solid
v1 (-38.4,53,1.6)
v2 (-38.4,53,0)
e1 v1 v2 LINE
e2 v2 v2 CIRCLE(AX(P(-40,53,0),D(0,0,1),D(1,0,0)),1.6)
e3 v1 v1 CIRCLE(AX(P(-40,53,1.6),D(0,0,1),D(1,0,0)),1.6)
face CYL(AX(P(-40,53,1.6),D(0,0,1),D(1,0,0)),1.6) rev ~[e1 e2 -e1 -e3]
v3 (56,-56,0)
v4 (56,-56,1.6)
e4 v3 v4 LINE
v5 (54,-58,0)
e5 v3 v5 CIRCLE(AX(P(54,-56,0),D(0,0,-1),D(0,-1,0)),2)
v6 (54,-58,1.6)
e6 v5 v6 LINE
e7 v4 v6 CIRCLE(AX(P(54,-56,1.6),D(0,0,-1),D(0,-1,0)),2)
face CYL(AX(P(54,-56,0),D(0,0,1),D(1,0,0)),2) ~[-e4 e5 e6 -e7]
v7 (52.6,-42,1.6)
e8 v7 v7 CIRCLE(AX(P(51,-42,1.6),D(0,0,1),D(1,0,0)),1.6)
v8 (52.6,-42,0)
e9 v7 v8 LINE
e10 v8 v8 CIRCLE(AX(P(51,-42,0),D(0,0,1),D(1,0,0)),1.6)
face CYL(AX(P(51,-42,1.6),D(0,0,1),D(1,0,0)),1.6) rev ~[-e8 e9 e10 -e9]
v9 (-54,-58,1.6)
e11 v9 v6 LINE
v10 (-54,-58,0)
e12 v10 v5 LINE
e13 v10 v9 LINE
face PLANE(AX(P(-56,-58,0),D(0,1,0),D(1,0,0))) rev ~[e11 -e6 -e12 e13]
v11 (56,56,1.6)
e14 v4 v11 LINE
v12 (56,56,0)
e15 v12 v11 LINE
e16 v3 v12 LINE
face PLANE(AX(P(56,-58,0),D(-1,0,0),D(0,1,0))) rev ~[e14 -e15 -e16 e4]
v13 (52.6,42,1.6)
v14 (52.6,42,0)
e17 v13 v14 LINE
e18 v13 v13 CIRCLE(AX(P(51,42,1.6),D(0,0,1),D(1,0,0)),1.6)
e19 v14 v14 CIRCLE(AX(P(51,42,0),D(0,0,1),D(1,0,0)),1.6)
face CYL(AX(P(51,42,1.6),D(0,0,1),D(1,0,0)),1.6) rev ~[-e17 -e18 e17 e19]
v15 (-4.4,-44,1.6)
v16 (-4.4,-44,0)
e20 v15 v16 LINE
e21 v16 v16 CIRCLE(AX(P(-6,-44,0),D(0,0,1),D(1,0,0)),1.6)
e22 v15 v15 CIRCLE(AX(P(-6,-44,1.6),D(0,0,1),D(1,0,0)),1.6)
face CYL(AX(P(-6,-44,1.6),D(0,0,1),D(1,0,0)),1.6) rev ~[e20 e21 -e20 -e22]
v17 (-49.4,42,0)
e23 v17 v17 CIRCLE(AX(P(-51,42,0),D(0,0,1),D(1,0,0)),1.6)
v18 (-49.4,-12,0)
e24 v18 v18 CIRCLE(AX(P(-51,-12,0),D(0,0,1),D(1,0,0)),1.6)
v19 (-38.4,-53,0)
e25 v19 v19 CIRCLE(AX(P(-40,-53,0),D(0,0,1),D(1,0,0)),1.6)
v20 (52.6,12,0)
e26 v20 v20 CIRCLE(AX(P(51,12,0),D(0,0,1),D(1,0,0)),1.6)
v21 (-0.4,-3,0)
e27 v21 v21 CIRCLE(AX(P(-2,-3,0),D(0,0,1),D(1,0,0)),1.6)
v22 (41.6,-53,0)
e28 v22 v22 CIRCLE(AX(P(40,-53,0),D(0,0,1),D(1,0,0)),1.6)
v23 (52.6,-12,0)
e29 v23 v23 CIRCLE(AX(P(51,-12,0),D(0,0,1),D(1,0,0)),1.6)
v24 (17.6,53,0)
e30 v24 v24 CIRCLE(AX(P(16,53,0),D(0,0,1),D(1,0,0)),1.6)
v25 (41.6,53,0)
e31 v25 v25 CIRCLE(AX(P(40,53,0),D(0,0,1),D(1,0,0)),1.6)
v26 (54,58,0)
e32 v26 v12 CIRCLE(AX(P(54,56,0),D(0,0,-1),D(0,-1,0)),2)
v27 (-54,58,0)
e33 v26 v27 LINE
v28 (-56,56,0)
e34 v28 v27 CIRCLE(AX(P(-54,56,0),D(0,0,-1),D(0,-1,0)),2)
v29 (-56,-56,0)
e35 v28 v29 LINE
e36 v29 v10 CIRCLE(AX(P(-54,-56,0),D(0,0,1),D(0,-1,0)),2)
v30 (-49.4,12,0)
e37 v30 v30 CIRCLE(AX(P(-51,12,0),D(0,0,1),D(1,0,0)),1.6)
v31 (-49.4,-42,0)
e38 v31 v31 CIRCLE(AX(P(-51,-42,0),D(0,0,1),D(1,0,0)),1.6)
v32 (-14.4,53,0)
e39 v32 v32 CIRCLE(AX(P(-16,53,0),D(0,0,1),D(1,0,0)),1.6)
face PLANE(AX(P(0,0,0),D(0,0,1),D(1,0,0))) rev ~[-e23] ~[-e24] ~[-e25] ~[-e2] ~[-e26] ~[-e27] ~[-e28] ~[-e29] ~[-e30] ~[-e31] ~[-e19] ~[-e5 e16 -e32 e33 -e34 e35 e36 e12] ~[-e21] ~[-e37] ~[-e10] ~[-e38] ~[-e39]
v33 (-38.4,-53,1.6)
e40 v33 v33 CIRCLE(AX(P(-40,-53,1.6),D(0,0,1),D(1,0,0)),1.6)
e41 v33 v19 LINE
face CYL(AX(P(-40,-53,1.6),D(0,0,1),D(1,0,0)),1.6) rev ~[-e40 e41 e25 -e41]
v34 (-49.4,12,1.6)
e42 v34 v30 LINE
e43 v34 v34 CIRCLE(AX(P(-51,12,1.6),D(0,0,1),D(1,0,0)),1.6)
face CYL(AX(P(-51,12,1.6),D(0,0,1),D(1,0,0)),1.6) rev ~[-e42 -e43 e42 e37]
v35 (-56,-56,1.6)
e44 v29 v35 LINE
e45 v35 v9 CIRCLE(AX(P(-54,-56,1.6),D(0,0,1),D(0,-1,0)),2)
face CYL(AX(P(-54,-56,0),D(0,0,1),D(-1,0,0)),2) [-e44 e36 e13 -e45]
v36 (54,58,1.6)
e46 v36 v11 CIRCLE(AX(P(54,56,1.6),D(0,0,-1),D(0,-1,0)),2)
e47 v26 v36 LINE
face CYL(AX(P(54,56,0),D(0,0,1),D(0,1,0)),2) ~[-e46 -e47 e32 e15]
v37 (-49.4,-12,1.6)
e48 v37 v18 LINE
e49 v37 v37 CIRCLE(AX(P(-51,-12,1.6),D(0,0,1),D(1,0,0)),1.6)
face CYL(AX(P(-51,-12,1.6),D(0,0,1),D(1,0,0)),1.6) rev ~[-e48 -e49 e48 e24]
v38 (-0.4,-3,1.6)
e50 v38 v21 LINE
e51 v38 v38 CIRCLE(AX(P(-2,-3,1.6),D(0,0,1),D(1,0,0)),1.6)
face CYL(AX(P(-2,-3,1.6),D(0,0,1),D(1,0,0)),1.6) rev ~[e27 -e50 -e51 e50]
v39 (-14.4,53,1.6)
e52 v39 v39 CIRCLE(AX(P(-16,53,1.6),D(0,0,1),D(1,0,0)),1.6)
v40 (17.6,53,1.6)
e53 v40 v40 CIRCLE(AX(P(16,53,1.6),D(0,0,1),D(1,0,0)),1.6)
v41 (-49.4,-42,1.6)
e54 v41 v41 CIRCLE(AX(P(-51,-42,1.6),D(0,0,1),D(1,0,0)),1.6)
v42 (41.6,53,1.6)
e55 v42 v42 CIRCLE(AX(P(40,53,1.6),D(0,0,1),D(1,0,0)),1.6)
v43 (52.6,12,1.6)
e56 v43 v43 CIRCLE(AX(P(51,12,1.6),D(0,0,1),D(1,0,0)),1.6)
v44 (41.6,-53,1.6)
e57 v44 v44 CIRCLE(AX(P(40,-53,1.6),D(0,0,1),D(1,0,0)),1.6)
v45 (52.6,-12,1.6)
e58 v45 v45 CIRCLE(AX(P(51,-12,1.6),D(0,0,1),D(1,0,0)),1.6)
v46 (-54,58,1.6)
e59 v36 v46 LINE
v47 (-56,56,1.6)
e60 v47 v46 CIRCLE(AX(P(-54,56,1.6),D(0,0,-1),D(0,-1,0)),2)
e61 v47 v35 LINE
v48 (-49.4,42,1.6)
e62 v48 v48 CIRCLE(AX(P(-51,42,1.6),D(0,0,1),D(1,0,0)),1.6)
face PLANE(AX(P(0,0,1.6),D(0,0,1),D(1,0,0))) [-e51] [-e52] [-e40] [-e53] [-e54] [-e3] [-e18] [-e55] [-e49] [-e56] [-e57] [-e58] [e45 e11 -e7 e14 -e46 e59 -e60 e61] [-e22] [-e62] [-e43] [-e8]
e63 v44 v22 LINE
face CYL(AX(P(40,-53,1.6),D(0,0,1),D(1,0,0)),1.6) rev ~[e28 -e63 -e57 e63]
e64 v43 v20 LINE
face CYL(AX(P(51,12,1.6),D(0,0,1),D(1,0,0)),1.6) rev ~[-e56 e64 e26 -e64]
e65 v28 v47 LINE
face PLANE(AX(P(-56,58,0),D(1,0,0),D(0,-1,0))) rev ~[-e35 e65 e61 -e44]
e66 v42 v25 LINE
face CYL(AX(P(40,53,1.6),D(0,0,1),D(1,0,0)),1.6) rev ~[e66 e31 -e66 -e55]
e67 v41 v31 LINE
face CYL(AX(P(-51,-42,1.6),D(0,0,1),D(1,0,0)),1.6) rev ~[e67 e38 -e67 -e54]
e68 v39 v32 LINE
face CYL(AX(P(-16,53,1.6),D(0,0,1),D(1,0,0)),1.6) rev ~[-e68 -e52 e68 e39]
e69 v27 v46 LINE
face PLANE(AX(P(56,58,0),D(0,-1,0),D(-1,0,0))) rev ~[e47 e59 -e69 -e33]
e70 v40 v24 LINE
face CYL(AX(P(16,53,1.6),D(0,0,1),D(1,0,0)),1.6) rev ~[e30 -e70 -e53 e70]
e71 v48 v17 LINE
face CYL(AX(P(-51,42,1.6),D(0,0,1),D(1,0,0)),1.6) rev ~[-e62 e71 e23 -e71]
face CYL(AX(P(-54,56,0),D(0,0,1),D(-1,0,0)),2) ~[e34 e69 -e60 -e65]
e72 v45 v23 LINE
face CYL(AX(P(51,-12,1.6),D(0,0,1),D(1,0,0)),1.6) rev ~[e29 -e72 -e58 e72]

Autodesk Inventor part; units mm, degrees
ref_plane "YZ Plane" through (0, 0, 0) normal (1, 0, 0) x (0, 1, 0)
ref_plane "XZ Plane" through (0, 0, 0) normal (0, 1, 0) x (-1, 0, 0)
ref_plane "XY Plane" through (0, 0, 0) normal (0, 0, 1) x (1, 0, 0)
sketch "Sketch1" plane through (0, 0, 0) normal (0, 0, 1) x (1, 0, 0)
  line L0 (-56, -58) -> (56, -58)
  line L1 (56, -58) -> (56, 58)
  line L2 (56, 58) -> (-56, 58)
  line L3 (-56, 58) -> (-56, -58)
  line L4 (-56, -58) -> (56, 58) construction
  line L5 (56, -58) -> (-56, 58) construction
  point P0 (0, 0)
  dimension "d0" = 116
  dimension "d1" = 112
extrude "Extrusion1" add sketch "Sketch1" along normal blind 1.6
fillet "Fillet1" radius 2 4 edges at (-56, 58, 0.8) (-56, -58, 0.8) (56, -58, 0.8) (56, 58, 0.8)
sketch "Sketch5" plane through (0, 0, 1.6) normal (0, 0, 1) x (1, 0, 0)
  circle A0 centre (-2, -3) radius 1.6
  circle A1 centre (-6, -44) radius 1.6
  circle A2 centre (40, -53) radius 1.6
  circle A3 centre (51, -42) radius 1.6
  circle A4 centre (51, -12) radius 1.6
  line L0 (56, -56) -> (56, 56) construction
  line L1 (-54, -58) -> (54, -58) construction
  line L2 (0, 81.2) -> (0, -81.2) construction
  line L3 (-78.4, 0) -> (78.4, 0) construction
  circle A5 centre (-40, -53) radius 1.6
  circle A6 centre (-51, -42) radius 1.6
  circle A7 centre (-51, -12) radius 1.6
  circle A8 centre (40, 53) radius 1.6
  circle A9 centre (51, 42) radius 1.6
  circle A10 centre (51, 12) radius 1.6
  line L4 (-54, 58) -> (54, 58) construction
  circle A11 centre (-51, 12) radius 1.6
  circle A12 centre (-51, 42) radius 1.6
  circle A13 centre (-40, 53) radius 1.6
  circle A14 centre (16, 53) radius 1.6
  circle A15 centre (-16, 53) radius 1.6
  point P0 (0, 0)
  point P1 (-56, -56)
  point P2 (-56, 56)
  dimension "d19" = 44
  dimension "d20" = 6
  dimension "d21" = 3
  dimension "d22" = 2
  dimension "d23" = 5
  dimension "d24" = 5
  dimension "d25" = 5
  dimension "d27" = 3.2
  dimension "d28" = 3.2
  dimension "d29" = 3.2
  dimension "d31" = 3.2
  dimension "d32" = 3.2
  dimension "d33" = 16
  dimension "d34" = 16
  dimension "d35" = 12
  dimension "d36" = 3.2
  dimension "d37" = 3.2
  dimension "d38" = 5
  dimension "d39" = 5
  dimension "d40" = 16
  dimension "d41" = 16
extrude "Extrusion4" cut sketch "Sketch5" against normal through all
sketch "OCU_PCB_OUTLINE" plane through (0, 0, 1.6) normal (0, 0, 1) x (1, 0, 0)
  circle A0 centre (18.0683, -23.4912) radius 0.7836 projected
  circle A1 centre (-27.1869, 27.3078) radius 0.7836 projected
  circle A2 centre (18.0683, 27.3078) radius 0.7836 projected
  line L0 (32.6352, -42.846) -> (12.62, -42.846) projected
  line L1 (32.6352, -42.846) -> (12.62, -42.846) projected
  arc A3 (32.6352, -42.846) -> (39.7472, -35.734) centre (32.6352, -35.734) ccw projected
  line L2 (39.7472, -12.62) -> (39.7472, -35.734) projected
  arc A4 (39.7472, -12.62) -> (32.6352, -5.508) centre (32.6352, -12.62) ccw projected
  line L3 (12.62, -5.508) -> (32.6352, -5.508) projected
  arc A5 (12.62, -5.508) -> (5.508, -12.62) centre (12.62, -12.62) ccw projected
  line L4 (5.508, -35.734) -> (5.508, -12.62) projected
  arc A6 (5.508, -35.734) -> (12.62, -42.846) centre (12.62, -35.734) ccw projected
  arc A7 (-16.9126, -36.0388) -> (-5.4826, -24.6088) centre (-16.9126, -24.6088) ccw projected
  arc A8 (-16.9126, -36.0388) -> (-5.4826, -24.6088) centre (-16.9126, -24.6088) ccw projected
  line L5 (-5.4826, -21.0528) -> (-5.4826, -24.6088) projected
  arc A9 (-5.4826, -21.0528) -> (-16.9126, -9.6228) centre (-16.9126, -21.0528) ccw projected
  line L6 (-28.3426, -9.6228) -> (-16.9126, -9.6228) projected
  arc A10 (-28.3426, -9.6228) -> (-39.7726, -21.0528) centre (-28.3426, -21.0528) ccw projected
  line L7 (-39.7726, -24.6088) -> (-39.7726, -21.0528) projected
  arc A11 (-39.7726, -24.6088) -> (-28.3426, -36.0388) centre (-28.3426, -24.6088) ccw projected
  line L8 (-16.9126, -36.0388) -> (-28.3426, -36.0388) projected
  arc A12 (-12.62, 3.508) -> (-5.508, 10.62) centre (-12.62, 10.62) ccw projected
  arc A13 (-12.62, 3.508) -> (-5.508, 10.62) centre (-12.62, 10.62) ccw projected
  line L9 (-5.508, 38.179) -> (-5.508, 10.62) projected
  arc A14 (-5.508, 38.179) -> (-12.62, 45.291) centre (-12.62, 38.179) ccw projected
  line L10 (-32.6352, 45.291) -> (-12.62, 45.291) projected
  arc A15 (-32.6352, 45.291) -> (-39.7472, 38.179) centre (-32.6352, 38.179) ccw projected
  line L11 (-39.7472, 10.62) -> (-39.7472, 38.179) projected
  arc A16 (-39.7472, 10.62) -> (-32.6352, 3.508) centre (-32.6352, 10.62) ccw projected
  line L12 (-12.62, 3.508) -> (-32.6352, 3.508) projected
  arc A17 (5, 10.62) -> (12.62, 3) centre (12.62, 10.62) ccw projected
  arc A18 (5, 10.62) -> (12.62, 3) centre (12.62, 10.62) ccw projected
  line L13 (32.6352, 3) -> (12.62, 3) projected
  arc A19 (32.6352, 3) -> (40.2552, 10.62) centre (32.6352, 10.62) ccw projected
  line L14 (40.2552, 38.179) -> (40.2552, 10.62) projected
  arc A20 (40.2552, 38.179) -> (32.6352, 45.799) centre (32.6352, 38.179) ccw projected
  line L15 (12.62, 45.799) -> (32.6352, 45.799) projected
  arc A21 (12.62, 45.799) -> (5, 38.179) centre (12.62, 38.179) ccw projected
  line L16 (5, 10.62) -> (5, 38.179) projected
  circle A22 centre (-19.8971, -23.4785) radius 0.7836 projected
  circle A23 centre (51, -42) radius 1.6 projected
  circle A24 centre (-51, -42) radius 1.6 projected
  circle A25 centre (-51, 42) radius 1.6 projected
  circle A26 centre (51, 42) radius 1.6 projected
  circle A27 centre (40, 53) radius 1.6 projected
  circle A28 centre (-51, 12) radius 1.6 projected
  circle A29 centre (-40, -53) radius 1.6 projected
  circle A30 centre (40, -53) radius 1.6 projected
  circle A31 centre (51, -12) radius 1.6 projected
  circle A32 centre (-51, -12) radius 1.6 projected
  circle A33 centre (-40, 53) radius 1.6 projected
  circle A34 centre (51, 12) radius 1.6 projected
  circle A35 centre (16, 53) radius 1.6 projected
  circle A36 centre (-2, -3) radius 1.6 projected
  circle A37 centre (-6, -44) radius 1.6 projected
  circle A38 centre (-16, 53) radius 1.6 projected
  arc A39 (56, 56) -> (54, 58) centre (54, 56) ccw projected
  line L17 (54, 58) -> (-54, 58) projected
  arc A40 (-54, 58) -> (-56, 56) centre (-54, 56) ccw projected
  line L18 (-56, 56) -> (-56, -56) projected
  arc A41 (-56, -56) -> (-54, -58) centre (-54, -56) ccw projected
  line L19 (-54, -58) -> (54, -58) projected
  arc A42 (54, -58) -> (56, -56) centre (54, -56) ccw projected
  line L20 (56, -56) -> (56, 56) projected
  point P0 (0, 0)
equation "\"d24\" = d23"
equation "\"d25\" = d23"
equation "\"d28\" = d27"
equation "\"d29\" = d27"
equation "\"d31\" = d27"
equation "\"d32\" = d27"
equation "\"d36\" = d27"
equation "\"d37\" = d27"
equation "\"d38\" = d23"
equation "\"d39\" = d23"
equation "\"d40\" = d34"
equation "\"d41\" = d34"
properties part number "OCU_PCB"
